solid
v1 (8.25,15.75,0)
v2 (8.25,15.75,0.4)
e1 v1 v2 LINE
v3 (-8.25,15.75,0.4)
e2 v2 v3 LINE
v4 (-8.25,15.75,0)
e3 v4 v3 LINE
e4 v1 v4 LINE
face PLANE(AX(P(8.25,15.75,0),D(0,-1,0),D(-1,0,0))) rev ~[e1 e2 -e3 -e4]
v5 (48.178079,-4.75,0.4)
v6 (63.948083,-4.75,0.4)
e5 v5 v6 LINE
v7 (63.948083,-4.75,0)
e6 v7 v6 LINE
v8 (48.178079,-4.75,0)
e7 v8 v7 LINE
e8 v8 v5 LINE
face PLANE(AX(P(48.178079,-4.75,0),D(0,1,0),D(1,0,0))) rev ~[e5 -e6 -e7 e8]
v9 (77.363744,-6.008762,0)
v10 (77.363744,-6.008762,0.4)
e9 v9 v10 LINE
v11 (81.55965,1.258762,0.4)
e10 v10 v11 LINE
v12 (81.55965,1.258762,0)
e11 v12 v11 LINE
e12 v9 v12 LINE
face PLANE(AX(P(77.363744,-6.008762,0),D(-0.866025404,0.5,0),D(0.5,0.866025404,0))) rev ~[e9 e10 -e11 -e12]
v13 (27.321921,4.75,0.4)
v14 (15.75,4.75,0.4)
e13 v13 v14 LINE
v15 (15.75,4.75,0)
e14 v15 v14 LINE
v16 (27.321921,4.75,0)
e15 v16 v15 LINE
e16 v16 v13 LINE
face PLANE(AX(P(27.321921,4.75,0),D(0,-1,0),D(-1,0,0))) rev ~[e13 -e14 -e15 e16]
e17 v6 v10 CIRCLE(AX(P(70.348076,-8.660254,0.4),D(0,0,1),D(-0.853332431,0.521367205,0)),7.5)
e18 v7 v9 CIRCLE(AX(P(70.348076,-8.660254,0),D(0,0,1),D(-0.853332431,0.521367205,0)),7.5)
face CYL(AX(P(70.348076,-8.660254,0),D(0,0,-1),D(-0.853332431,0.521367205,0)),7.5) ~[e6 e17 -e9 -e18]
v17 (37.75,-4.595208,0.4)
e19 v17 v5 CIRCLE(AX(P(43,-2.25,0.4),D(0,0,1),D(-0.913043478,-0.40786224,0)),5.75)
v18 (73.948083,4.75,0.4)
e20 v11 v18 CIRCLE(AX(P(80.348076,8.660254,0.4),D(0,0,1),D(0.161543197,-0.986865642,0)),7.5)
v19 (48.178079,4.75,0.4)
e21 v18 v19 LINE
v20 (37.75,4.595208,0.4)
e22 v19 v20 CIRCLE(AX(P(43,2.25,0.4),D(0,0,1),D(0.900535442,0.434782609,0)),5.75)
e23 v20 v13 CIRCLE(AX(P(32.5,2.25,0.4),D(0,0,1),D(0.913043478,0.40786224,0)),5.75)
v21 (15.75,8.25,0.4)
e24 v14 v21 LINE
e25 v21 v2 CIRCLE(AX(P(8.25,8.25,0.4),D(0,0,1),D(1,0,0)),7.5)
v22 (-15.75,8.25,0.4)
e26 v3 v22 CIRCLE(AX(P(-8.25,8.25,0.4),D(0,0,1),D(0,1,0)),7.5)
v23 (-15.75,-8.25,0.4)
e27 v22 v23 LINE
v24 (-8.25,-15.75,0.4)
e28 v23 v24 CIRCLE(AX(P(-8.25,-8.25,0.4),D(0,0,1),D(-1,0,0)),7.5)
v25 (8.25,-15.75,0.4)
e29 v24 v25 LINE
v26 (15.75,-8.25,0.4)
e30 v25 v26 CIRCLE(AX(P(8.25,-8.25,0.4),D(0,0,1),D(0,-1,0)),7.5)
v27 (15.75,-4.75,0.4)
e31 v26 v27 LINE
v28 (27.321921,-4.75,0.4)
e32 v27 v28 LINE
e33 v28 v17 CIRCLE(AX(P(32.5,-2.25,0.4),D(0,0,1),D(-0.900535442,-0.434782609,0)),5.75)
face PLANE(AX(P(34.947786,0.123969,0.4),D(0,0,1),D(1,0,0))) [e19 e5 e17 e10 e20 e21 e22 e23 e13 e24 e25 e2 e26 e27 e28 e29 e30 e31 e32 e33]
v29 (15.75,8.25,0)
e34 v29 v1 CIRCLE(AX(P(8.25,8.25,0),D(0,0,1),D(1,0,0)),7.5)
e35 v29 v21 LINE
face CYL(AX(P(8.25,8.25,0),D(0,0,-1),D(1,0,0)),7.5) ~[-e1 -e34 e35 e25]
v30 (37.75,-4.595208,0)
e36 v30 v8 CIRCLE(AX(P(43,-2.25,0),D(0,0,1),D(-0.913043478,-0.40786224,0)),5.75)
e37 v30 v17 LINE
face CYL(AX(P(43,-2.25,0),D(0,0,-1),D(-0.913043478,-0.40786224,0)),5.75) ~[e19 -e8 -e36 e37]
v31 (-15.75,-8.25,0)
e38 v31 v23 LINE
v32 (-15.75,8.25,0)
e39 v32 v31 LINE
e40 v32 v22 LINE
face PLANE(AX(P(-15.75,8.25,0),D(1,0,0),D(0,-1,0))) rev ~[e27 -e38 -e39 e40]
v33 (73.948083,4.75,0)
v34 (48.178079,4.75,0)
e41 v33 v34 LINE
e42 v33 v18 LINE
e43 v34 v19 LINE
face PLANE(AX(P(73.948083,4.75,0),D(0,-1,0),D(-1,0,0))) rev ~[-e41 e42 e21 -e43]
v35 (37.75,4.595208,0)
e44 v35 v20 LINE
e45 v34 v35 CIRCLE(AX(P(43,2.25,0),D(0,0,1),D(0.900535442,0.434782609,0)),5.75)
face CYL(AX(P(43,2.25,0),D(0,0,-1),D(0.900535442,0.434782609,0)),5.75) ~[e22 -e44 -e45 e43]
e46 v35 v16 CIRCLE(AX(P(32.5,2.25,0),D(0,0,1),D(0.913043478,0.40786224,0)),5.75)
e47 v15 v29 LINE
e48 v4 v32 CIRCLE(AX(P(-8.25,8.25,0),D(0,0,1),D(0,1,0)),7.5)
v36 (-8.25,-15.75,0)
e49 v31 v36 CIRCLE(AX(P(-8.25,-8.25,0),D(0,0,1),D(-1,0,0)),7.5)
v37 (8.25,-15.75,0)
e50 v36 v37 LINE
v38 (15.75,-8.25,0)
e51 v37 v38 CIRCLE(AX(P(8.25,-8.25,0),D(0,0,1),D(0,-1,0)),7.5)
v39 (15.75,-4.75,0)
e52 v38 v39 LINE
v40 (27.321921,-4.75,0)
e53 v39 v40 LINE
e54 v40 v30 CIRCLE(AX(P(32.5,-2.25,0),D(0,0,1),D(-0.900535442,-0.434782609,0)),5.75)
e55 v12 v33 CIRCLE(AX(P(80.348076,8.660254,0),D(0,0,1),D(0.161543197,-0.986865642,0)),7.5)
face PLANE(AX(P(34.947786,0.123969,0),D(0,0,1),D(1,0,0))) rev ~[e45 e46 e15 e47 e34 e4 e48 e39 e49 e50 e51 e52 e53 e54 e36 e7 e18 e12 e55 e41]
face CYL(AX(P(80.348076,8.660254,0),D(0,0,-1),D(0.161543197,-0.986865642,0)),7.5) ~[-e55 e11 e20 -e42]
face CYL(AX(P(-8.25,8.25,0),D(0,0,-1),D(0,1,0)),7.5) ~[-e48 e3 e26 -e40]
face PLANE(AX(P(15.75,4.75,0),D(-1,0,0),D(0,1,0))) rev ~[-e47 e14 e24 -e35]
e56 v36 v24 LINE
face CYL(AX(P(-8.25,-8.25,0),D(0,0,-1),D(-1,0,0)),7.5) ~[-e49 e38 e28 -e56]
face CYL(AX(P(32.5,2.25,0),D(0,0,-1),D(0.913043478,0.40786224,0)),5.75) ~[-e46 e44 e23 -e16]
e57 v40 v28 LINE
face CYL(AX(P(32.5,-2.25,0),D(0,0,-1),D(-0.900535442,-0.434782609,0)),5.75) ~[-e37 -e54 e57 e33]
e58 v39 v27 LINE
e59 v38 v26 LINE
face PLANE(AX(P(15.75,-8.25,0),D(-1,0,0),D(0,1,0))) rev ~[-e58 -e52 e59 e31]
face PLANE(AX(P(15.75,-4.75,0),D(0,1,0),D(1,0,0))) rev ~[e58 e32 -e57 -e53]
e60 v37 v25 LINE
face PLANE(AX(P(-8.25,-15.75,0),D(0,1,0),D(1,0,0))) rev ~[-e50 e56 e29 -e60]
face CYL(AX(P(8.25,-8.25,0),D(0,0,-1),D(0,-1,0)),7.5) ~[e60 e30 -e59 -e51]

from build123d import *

# Parameters (mm, degrees)
F0_W     = 16
F0_H     = 4.5
F0_W_2   = 6.5
F0_W_3   = 4
F1_DEPTH = 0.4


with BuildPart() as f1:
    # F0 (on Top) → F1 (new body)
    with BuildSketch(Plane.XY):
        with BuildLine():
            Line((15.75, 4.75), (15.75, 8.25))
            ThreePointArc((15.75, 8.25), (13.5533008589, 13.5533008589), (8.25, 15.75))
            Line((8.25, 15.75), (-8.25, 15.75))
            ThreePointArc((-8.25, 15.75), (-13.5533008589, 13.5533008589), (-15.75, 8.25))
            Line((-15.75, 8.25), (-15.75, -8.25))
            ThreePointArc((-15.75, -8.25), (-13.5533008589, -13.5533008589), (-8.25, -15.75))
            Line((-8.25, -15.75), (8.25, -15.75))
            ThreePointArc((8.25, -15.75), (13.5533008589, -13.5533008589), (15.75, -8.25))
            Line((15.75, -8.25), (15.75, -4.75))
            Line((15.75, -4.75), (27.3219212057, -4.75))
            ThreePointArc((27.3219212057, -4.75), (32.5853423404, -7.9993666334), (37.75, -4.5952078799))
            ThreePointArc((37.75, -4.5952078799), (42.9146576596, -7.9993666334), (48.1780787943, -4.75))
            Line((48.1780787943, -4.75), (63.9480829801, -4.75))
            ThreePointArc((63.9480829801, -4.75), (69.6474451199, -16.1274567319), (77.3637435709, -6.0087617221))
            Line((77.3637435709, -6.0087617221), (81.5596501878, 1.2587617221))
            ThreePointArc((81.5596501878, 1.2587617221), (83.4749132345, 15.4773568118), (73.9480829801, 4.75))
            Line((73.9480829801, 4.75), (48.1780787943, 4.75))
            ThreePointArc((48.1780787943, 4.75), (42.9146576596, 7.9993666334), (37.75, 4.5952078799))
            ThreePointArc((37.75, 4.5952078799), (32.5853423404, 7.9993666334), (27.3219212057, 4.75))
            Line((27.3219212057, 4.75), (15.75, 4.75))
        make_face()
        with BuildLine():
            Line((4.5, 13.25), (8.25, 13.25))
            ThreePointArc((8.25, 13.25), (11.7855339059, 11.7855339059), (13.25, 8.25))
            Line((13.25, 8.25), (13.25, 4.5))
            Line((13.25, 4.5), (13.25, 2.25))
            Line((13.25, 2.25), (29.25, 2.25))
            ThreePointArc((29.25, 2.25), (32.5, 5.5), (35.75, 2.25))
            Line((35.75, 2.25), (39.75, 2.25))
            ThreePointArc((39.75, 2.25), (43, 5.5), (46.25, 2.25))
            Line((46.25, 2.25), (74.0490381057, 2.25))
            Line((74.0490381057, 2.25), (76.1669476654, 5.9183269633))
            ThreePointArc((76.1669476654, 5.9183269633), (82.8480762114, 12.9903810568), (80.0640619824, 3.6683269633))
            Line((80.0640619824, 3.6683269633), (74.5292047573, -5.9183269633))
            ThreePointArc((74.5292047573, -5.9183269633), (67.8480762114, -12.9903810568), (70.6320904403, -3.6683269633))
            Line((70.6320904403, -3.6683269633), (71.4509618943, -2.25))
            Line((71.4509618943, -2.25), (46.25, -2.25))
            ThreePointArc((46.25, -2.25), (43, -5.5), (39.75, -2.25))
            Line((39.75, -2.25), (35.75, -2.25))
            ThreePointArc((35.75, -2.25), (32.5, -5.5), (29.25, -2.25))
            Line((29.25, -2.25), (13.25, -2.25))
            Line((13.25, -2.25), (13.25, -4.5))
            Line((13.25, -4.5), (13.25, -8.25))
            ThreePointArc((13.25, -8.25), (11.7855339059, -11.7855339059), (8.25, -13.25))
            Line((8.25, -13.25), (4.5, -13.25))
            Line((4.5, -13.25), (-4.5, -13.25))
            Line((-4.5, -13.25), (-8.25, -13.25))
            ThreePointArc((-8.25, -13.25), (-11.7855339059, -11.7855339059), (-13.25, -8.25))
            Line((-13.25, -8.25), (-13.25, -4.5))
            Line((-13.25, -4.5), (-13.25, 4.5))
            Line((-13.25, 4.5), (-13.25, 8.25))
            ThreePointArc((-13.25, 8.25), (-11.7855339059, 11.7855339059), (-8.25, 13.25))
            Line((-8.25, 13.25), (-4.5, 13.25))
            Line((-4.5, 13.25), (4.5, 13.25))
        make_face(mode=Mode.SUBTRACT)
        Polygon((74.0490381057, 2.25), (46.25, 2.25), (46.25, -2.25), (71.4509618943, -2.25), align=None)
        Polygon((4.5, 4.5), (4.5, 13.25), (-4.5, 13.25), (-4.5, 4.5), (0, 4.5), align=None)
        Polygon((13.25, 4.5), (4.5, 4.5), (4.5, 0), (4.5, -4.5), (13.25, -4.5), (13.25, -2.25), (13.25, 2.25), align=None)
        Polygon((-4.5, 0), (-4.5, 4.5), (-13.25, 4.5), (-13.25, -4.5), (-4.5, -4.5), align=None)
        Polygon((4.5, -4.5), (0, -4.5), (-4.5, -4.5), (-4.5, -13.25), (4.5, -13.25), align=None)
        with BuildLine():
            ThreePointArc((80.0640619824, 3.6683269633), (82.8480762114, 12.9903810568), (76.1669476654, 5.9183269633))
            ThreePointArc((76.1669476654, 5.9183269633), (77.8480762114, 4.3301270189), (80.0640619824, 3.6683269633))
        make_face()
        with BuildLine():
            ThreePointArc((74.5292047573, -5.9183269633), (72.8480762114, -4.3301270189), (70.6320904403, -3.6683269633))
            ThreePointArc((70.6320904403, -3.6683269633), (67.8480762114, -12.9903810568), (74.5292047573, -5.9183269633))
        make_face()
        with Locations((21.25, 0)):
            Rectangle(F0_W, F0_H)
        with BuildLine():
            Line((-4.5, 4.5), (-4.5, 13.25))
            Line((-4.5, 13.25), (-8.25, 13.25))
            ThreePointArc((-8.25, 13.25), (-11.7855339059, 11.7855339059), (-13.25, 8.25))
            Line((-13.25, 8.25), (-13.25, 4.5))
            Line((-13.25, 4.5), (-4.5, 4.5))
        make_face()
        with BuildLine():
            Line((13.25, -4.5), (4.5, -4.5))
            Line((4.5, -4.5), (4.5, -13.25))
            Line((4.5, -13.25), (8.25, -13.25))
            ThreePointArc((8.25, -13.25), (11.7855339059, -11.7855339059), (13.25, -8.25))
            Line((13.25, -8.25), (13.25, -4.5))
        make_face()
        with BuildLine():
            Line((-4.5, -13.25), (-4.5, -4.5))
            Line((-4.5, -4.5), (-13.25, -4.5))
            Line((-13.25, -4.5), (-13.25, -8.25))
            ThreePointArc((-13.25, -8.25), (-11.7855339059, -11.7855339059), (-8.25, -13.25))
            Line((-8.25, -13.25), (-4.5, -13.25))
        make_face()
        with BuildLine():
            ThreePointArc((13.25, 8.25), (11.7855339059, 11.7855339059), (8.25, 13.25))
            Line((8.25, 13.25), (4.5, 13.25))
            Line((4.5, 13.25), (4.5, 4.5))
            Line((4.5, 4.5), (13.25, 4.5))
            Line((13.25, 4.5), (13.25, 8.25))
        make_face()
        with BuildLine():
            ThreePointArc((0, -4.5), (3.1819805153, -3.1819805153), (4.5, 0))
            ThreePointArc((4.5, 0), (3.1819805153, 3.1819805153), (0, 4.5))
            ThreePointArc((0, 4.5), (-3.1819805153, 3.1819805153), (-4.5, 0))
            ThreePointArc((-4.5, 0), (-3.1819805153, -3.1819805153), (0, -4.5))
        make_face()
        with BuildLine():
            Line((76.1669476654, 5.9183269633), (74.0490381057, 2.25))
            Line((74.0490381057, 2.25), (71.4509618943, -2.25))
            Line((71.4509618943, -2.25), (70.6320904403, -3.6683269633))
            ThreePointArc((70.6320904403, -3.6683269633), (72.8480762114, -4.3301270189), (74.5292047573, -5.9183269633))
            Line((74.5292047573, -5.9183269633), (80.0640619824, 3.6683269633))
            ThreePointArc((80.0640619824, 3.6683269633), (77.8480762114, 4.3301270189), (76.1669476654, 5.9183269633))
        make_face()
        with Locations((43, 0)):
            Rectangle(F0_W_2, F0_H)
        with Locations((32.5, 0)):
            Rectangle(F0_W_2, F0_H)
        with Locations((37.75, 0)):
            Rectangle(F0_W_3, F0_H)
        with BuildLine():
            Line((35.75, -2.25), (29.25, -2.25))
            ThreePointArc((29.25, -2.25), (32.5, -5.5), (35.75, -2.25))
        make_face()
        with BuildLine():
            ThreePointArc((35.75, 2.25), (32.5, 5.5), (29.25, 2.25))
            Line((29.25, 2.25), (35.75, 2.25))
        make_face()
        with BuildLine():
            Line((46.25, -2.25), (39.75, -2.25))
            ThreePointArc((39.75, -2.25), (43, -5.5), (46.25, -2.25))
        make_face()
        with BuildLine():
            ThreePointArc((46.25, 2.25), (43, 5.5), (39.75, 2.25))
            Line((39.75, 2.25), (46.25, 2.25))
        make_face()
        with BuildLine():
            ThreePointArc((0, -4.5), (-3.1819805153, -3.1819805153), (-4.5, 0))
            Line((-4.5, 0), (-4.5, -4.5))
            Line((-4.5, -4.5), (0, -4.5))
        make_face()
        with BuildLine():
            Line((4.5, -4.5), (4.5, 0))
            ThreePointArc((4.5, 0), (3.1819805153, -3.1819805153), (0, -4.5))
            Line((0, -4.5), (4.5, -4.5))
        make_face()
        with BuildLine():
            Line((4.5, 0), (4.5, 4.5))
            Line((4.5, 4.5), (0, 4.5))
            ThreePointArc((0, 4.5), (3.1819805153, 3.1819805153), (4.5, 0))
        make_face()
        with BuildLine():
            Line((0, 4.5), (-4.5, 4.5))
            Line((-4.5, 4.5), (-4.5, 0))
            ThreePointArc((-4.5, 0), (-3.1819805153, 3.1819805153), (0, 4.5))
        make_face()
    extrude(amount=F1_DEPTH)


solid = f1.part
